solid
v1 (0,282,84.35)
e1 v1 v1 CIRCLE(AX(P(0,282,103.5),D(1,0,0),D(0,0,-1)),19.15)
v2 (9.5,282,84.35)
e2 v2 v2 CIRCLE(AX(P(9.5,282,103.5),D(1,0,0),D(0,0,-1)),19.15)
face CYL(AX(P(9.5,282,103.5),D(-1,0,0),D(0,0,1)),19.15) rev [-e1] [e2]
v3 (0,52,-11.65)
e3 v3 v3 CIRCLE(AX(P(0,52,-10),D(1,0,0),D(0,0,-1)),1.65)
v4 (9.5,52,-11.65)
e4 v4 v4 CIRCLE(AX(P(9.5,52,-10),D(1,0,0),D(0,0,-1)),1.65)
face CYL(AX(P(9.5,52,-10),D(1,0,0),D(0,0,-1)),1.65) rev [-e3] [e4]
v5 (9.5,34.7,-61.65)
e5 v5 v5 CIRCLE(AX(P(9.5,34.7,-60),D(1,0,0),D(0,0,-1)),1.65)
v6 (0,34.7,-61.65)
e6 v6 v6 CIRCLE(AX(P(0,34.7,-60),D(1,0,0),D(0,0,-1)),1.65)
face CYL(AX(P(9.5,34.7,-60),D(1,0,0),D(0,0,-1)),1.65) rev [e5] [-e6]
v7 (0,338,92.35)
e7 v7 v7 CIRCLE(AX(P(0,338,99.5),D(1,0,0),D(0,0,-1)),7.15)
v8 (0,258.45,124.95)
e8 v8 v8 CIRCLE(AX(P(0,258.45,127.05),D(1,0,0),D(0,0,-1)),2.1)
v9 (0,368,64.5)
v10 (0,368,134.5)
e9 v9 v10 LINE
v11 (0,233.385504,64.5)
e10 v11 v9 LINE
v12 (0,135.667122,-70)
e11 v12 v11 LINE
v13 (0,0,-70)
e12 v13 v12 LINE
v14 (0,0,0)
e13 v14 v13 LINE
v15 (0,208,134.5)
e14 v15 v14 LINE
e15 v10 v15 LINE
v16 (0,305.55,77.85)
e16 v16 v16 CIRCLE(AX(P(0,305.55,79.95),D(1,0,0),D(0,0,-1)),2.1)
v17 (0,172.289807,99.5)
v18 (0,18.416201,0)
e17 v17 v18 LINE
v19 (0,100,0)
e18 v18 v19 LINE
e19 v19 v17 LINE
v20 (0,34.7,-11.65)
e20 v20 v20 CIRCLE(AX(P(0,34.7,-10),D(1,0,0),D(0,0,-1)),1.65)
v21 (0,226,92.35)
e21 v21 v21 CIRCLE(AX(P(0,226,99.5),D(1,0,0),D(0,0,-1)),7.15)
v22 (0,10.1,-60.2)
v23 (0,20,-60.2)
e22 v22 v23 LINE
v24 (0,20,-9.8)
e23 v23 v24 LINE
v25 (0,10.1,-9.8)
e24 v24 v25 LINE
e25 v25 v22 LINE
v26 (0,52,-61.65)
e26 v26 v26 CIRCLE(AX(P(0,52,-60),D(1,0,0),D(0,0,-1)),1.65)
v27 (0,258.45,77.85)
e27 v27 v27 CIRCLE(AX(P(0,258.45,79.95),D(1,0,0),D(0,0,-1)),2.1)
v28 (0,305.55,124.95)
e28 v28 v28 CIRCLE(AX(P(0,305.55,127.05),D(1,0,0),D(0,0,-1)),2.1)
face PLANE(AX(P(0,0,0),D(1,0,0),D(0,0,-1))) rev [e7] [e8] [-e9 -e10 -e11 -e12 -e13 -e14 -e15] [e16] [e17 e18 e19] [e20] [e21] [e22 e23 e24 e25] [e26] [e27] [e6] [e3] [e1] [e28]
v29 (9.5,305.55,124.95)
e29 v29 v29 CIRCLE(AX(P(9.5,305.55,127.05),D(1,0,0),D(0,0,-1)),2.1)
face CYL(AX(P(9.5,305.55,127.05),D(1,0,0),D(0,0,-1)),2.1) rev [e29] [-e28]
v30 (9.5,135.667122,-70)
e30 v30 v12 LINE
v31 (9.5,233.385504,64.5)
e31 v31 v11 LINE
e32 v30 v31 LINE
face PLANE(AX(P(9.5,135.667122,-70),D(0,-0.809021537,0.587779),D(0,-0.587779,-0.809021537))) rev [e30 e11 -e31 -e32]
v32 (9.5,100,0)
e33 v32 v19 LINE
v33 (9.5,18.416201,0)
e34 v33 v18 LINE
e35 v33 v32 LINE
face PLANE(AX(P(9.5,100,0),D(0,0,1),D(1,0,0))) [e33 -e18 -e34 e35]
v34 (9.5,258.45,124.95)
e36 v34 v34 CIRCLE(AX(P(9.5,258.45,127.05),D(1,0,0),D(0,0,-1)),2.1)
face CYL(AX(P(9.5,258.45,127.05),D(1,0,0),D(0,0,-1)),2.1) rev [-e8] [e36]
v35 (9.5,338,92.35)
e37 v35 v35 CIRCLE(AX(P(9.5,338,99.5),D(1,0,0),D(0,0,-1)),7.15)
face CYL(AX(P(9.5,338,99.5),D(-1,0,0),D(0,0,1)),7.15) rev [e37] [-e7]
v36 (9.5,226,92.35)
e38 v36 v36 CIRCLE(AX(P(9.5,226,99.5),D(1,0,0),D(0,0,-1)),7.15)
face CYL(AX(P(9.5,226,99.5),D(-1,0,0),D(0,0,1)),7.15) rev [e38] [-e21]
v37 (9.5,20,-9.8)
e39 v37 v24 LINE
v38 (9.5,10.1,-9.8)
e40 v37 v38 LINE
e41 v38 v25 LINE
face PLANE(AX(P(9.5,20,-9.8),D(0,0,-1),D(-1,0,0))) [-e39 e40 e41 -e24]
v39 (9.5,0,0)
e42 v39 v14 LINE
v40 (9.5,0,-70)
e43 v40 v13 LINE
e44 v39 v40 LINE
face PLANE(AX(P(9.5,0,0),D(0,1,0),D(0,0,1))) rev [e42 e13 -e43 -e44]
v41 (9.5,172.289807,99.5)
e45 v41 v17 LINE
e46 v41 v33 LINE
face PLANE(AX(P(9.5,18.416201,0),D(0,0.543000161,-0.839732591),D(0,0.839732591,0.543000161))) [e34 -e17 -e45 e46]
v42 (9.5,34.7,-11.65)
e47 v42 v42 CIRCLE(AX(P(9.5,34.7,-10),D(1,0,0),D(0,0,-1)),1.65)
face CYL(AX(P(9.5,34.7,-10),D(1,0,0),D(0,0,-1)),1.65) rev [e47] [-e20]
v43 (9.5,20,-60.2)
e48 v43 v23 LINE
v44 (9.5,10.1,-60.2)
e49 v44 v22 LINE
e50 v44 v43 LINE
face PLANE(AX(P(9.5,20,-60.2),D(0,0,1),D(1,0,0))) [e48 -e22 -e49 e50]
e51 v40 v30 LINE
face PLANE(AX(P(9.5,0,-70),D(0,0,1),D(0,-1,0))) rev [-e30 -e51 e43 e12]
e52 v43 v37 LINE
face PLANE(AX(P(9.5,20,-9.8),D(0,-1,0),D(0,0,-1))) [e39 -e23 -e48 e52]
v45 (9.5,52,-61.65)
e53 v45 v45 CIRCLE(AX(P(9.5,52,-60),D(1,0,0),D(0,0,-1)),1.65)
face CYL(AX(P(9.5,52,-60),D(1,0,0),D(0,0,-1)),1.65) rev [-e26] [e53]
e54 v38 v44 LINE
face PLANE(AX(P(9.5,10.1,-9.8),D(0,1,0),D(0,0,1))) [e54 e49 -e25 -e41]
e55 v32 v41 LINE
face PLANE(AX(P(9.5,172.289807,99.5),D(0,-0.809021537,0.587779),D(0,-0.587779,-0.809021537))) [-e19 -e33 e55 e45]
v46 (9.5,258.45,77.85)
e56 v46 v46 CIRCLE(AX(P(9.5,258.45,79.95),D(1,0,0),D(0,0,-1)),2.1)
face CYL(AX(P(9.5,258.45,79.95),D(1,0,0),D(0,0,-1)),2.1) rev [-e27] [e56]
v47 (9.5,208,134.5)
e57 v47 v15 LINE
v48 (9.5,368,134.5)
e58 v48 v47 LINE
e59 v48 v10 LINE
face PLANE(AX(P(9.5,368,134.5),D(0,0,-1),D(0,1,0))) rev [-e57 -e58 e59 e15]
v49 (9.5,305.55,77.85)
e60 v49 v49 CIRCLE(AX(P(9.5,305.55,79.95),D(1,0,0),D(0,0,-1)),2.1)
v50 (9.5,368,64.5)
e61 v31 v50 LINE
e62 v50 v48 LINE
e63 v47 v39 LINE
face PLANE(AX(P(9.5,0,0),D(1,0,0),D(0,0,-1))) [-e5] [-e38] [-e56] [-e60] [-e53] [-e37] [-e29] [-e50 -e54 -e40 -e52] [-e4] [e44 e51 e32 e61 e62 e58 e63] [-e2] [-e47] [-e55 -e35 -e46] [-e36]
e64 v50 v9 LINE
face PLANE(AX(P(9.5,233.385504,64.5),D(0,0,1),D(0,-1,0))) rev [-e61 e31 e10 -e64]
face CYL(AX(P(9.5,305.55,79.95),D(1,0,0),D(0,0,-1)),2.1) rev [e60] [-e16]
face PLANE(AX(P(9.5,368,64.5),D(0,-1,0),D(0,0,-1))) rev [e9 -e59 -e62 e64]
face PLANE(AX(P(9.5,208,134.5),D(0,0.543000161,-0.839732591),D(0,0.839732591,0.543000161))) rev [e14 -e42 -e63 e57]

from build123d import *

# Parameters (mm, degrees)
SKETCH1_R           = 7.15
SKETCH1_R_2         = 19.15
SKETCH1_W           = 50.4
SKETCH1_H           = 9.9
BOSS_EXTRUDE1_DEPTH = 9.5
M4_TAPPED_HOLE1_D   = 3.3
M5_TAPPED_HOLE2_D   = 4.2


with BuildPart() as part:
    # Sketch1 → Boss-Extrude1 (new body)
    with BuildSketch(Plane(origin=(0, 0, 0), x_dir=(0, 0, -1), z_dir=(1, 0, 0))):
        Polygon((0, 0), (70, 0), (70, 135.667122158), (-64.5, 233.385504136), (-64.5, 368), (-134.5, 368), (-134.5, 208), align=None)
        with Locations((-99.5, 338)):
            Circle(SKETCH1_R, mode=Mode.SUBTRACT)
        with Locations((-99.5, 226)):
            Circle(SKETCH1_R, mode=Mode.SUBTRACT)
        with Locations((-103.5, 282)):
            Circle(SKETCH1_R_2, mode=Mode.SUBTRACT)
        Polygon((-99.5, 172.289806742), (0, 100), (0, 18.416200794), align=None, mode=Mode.SUBTRACT)
        with Locations((35, 15.05)):
            Rectangle(SKETCH1_W, SKETCH1_H, mode=Mode.SUBTRACT)
    extrude(amount=BOSS_EXTRUDE1_DEPTH)

    # M4 Tapped Hole1 (through all)
    with Locations(Plane(origin=(9.5, 0, 0), x_dir=(0, 0, -1), z_dir=(1, 0, 0))):
        with Locations((10, 34.7), (10, 52), (60, 52), (60, 34.7)):
            Hole(M4_TAPPED_HOLE1_D / 2)

    # M5 Tapped Hole2 (through all)
    with Locations(Plane(origin=(9.5, 0, 0), x_dir=(0, 0, -1), z_dir=(1, 0, 0))):
        with Locations((-127.05, 305.55), (-79.95, 305.55), (-79.95, 258.45), (-127.05, 258.45)):
            Hole(M5_TAPPED_HOLE2_D / 2)


solid = part.part
